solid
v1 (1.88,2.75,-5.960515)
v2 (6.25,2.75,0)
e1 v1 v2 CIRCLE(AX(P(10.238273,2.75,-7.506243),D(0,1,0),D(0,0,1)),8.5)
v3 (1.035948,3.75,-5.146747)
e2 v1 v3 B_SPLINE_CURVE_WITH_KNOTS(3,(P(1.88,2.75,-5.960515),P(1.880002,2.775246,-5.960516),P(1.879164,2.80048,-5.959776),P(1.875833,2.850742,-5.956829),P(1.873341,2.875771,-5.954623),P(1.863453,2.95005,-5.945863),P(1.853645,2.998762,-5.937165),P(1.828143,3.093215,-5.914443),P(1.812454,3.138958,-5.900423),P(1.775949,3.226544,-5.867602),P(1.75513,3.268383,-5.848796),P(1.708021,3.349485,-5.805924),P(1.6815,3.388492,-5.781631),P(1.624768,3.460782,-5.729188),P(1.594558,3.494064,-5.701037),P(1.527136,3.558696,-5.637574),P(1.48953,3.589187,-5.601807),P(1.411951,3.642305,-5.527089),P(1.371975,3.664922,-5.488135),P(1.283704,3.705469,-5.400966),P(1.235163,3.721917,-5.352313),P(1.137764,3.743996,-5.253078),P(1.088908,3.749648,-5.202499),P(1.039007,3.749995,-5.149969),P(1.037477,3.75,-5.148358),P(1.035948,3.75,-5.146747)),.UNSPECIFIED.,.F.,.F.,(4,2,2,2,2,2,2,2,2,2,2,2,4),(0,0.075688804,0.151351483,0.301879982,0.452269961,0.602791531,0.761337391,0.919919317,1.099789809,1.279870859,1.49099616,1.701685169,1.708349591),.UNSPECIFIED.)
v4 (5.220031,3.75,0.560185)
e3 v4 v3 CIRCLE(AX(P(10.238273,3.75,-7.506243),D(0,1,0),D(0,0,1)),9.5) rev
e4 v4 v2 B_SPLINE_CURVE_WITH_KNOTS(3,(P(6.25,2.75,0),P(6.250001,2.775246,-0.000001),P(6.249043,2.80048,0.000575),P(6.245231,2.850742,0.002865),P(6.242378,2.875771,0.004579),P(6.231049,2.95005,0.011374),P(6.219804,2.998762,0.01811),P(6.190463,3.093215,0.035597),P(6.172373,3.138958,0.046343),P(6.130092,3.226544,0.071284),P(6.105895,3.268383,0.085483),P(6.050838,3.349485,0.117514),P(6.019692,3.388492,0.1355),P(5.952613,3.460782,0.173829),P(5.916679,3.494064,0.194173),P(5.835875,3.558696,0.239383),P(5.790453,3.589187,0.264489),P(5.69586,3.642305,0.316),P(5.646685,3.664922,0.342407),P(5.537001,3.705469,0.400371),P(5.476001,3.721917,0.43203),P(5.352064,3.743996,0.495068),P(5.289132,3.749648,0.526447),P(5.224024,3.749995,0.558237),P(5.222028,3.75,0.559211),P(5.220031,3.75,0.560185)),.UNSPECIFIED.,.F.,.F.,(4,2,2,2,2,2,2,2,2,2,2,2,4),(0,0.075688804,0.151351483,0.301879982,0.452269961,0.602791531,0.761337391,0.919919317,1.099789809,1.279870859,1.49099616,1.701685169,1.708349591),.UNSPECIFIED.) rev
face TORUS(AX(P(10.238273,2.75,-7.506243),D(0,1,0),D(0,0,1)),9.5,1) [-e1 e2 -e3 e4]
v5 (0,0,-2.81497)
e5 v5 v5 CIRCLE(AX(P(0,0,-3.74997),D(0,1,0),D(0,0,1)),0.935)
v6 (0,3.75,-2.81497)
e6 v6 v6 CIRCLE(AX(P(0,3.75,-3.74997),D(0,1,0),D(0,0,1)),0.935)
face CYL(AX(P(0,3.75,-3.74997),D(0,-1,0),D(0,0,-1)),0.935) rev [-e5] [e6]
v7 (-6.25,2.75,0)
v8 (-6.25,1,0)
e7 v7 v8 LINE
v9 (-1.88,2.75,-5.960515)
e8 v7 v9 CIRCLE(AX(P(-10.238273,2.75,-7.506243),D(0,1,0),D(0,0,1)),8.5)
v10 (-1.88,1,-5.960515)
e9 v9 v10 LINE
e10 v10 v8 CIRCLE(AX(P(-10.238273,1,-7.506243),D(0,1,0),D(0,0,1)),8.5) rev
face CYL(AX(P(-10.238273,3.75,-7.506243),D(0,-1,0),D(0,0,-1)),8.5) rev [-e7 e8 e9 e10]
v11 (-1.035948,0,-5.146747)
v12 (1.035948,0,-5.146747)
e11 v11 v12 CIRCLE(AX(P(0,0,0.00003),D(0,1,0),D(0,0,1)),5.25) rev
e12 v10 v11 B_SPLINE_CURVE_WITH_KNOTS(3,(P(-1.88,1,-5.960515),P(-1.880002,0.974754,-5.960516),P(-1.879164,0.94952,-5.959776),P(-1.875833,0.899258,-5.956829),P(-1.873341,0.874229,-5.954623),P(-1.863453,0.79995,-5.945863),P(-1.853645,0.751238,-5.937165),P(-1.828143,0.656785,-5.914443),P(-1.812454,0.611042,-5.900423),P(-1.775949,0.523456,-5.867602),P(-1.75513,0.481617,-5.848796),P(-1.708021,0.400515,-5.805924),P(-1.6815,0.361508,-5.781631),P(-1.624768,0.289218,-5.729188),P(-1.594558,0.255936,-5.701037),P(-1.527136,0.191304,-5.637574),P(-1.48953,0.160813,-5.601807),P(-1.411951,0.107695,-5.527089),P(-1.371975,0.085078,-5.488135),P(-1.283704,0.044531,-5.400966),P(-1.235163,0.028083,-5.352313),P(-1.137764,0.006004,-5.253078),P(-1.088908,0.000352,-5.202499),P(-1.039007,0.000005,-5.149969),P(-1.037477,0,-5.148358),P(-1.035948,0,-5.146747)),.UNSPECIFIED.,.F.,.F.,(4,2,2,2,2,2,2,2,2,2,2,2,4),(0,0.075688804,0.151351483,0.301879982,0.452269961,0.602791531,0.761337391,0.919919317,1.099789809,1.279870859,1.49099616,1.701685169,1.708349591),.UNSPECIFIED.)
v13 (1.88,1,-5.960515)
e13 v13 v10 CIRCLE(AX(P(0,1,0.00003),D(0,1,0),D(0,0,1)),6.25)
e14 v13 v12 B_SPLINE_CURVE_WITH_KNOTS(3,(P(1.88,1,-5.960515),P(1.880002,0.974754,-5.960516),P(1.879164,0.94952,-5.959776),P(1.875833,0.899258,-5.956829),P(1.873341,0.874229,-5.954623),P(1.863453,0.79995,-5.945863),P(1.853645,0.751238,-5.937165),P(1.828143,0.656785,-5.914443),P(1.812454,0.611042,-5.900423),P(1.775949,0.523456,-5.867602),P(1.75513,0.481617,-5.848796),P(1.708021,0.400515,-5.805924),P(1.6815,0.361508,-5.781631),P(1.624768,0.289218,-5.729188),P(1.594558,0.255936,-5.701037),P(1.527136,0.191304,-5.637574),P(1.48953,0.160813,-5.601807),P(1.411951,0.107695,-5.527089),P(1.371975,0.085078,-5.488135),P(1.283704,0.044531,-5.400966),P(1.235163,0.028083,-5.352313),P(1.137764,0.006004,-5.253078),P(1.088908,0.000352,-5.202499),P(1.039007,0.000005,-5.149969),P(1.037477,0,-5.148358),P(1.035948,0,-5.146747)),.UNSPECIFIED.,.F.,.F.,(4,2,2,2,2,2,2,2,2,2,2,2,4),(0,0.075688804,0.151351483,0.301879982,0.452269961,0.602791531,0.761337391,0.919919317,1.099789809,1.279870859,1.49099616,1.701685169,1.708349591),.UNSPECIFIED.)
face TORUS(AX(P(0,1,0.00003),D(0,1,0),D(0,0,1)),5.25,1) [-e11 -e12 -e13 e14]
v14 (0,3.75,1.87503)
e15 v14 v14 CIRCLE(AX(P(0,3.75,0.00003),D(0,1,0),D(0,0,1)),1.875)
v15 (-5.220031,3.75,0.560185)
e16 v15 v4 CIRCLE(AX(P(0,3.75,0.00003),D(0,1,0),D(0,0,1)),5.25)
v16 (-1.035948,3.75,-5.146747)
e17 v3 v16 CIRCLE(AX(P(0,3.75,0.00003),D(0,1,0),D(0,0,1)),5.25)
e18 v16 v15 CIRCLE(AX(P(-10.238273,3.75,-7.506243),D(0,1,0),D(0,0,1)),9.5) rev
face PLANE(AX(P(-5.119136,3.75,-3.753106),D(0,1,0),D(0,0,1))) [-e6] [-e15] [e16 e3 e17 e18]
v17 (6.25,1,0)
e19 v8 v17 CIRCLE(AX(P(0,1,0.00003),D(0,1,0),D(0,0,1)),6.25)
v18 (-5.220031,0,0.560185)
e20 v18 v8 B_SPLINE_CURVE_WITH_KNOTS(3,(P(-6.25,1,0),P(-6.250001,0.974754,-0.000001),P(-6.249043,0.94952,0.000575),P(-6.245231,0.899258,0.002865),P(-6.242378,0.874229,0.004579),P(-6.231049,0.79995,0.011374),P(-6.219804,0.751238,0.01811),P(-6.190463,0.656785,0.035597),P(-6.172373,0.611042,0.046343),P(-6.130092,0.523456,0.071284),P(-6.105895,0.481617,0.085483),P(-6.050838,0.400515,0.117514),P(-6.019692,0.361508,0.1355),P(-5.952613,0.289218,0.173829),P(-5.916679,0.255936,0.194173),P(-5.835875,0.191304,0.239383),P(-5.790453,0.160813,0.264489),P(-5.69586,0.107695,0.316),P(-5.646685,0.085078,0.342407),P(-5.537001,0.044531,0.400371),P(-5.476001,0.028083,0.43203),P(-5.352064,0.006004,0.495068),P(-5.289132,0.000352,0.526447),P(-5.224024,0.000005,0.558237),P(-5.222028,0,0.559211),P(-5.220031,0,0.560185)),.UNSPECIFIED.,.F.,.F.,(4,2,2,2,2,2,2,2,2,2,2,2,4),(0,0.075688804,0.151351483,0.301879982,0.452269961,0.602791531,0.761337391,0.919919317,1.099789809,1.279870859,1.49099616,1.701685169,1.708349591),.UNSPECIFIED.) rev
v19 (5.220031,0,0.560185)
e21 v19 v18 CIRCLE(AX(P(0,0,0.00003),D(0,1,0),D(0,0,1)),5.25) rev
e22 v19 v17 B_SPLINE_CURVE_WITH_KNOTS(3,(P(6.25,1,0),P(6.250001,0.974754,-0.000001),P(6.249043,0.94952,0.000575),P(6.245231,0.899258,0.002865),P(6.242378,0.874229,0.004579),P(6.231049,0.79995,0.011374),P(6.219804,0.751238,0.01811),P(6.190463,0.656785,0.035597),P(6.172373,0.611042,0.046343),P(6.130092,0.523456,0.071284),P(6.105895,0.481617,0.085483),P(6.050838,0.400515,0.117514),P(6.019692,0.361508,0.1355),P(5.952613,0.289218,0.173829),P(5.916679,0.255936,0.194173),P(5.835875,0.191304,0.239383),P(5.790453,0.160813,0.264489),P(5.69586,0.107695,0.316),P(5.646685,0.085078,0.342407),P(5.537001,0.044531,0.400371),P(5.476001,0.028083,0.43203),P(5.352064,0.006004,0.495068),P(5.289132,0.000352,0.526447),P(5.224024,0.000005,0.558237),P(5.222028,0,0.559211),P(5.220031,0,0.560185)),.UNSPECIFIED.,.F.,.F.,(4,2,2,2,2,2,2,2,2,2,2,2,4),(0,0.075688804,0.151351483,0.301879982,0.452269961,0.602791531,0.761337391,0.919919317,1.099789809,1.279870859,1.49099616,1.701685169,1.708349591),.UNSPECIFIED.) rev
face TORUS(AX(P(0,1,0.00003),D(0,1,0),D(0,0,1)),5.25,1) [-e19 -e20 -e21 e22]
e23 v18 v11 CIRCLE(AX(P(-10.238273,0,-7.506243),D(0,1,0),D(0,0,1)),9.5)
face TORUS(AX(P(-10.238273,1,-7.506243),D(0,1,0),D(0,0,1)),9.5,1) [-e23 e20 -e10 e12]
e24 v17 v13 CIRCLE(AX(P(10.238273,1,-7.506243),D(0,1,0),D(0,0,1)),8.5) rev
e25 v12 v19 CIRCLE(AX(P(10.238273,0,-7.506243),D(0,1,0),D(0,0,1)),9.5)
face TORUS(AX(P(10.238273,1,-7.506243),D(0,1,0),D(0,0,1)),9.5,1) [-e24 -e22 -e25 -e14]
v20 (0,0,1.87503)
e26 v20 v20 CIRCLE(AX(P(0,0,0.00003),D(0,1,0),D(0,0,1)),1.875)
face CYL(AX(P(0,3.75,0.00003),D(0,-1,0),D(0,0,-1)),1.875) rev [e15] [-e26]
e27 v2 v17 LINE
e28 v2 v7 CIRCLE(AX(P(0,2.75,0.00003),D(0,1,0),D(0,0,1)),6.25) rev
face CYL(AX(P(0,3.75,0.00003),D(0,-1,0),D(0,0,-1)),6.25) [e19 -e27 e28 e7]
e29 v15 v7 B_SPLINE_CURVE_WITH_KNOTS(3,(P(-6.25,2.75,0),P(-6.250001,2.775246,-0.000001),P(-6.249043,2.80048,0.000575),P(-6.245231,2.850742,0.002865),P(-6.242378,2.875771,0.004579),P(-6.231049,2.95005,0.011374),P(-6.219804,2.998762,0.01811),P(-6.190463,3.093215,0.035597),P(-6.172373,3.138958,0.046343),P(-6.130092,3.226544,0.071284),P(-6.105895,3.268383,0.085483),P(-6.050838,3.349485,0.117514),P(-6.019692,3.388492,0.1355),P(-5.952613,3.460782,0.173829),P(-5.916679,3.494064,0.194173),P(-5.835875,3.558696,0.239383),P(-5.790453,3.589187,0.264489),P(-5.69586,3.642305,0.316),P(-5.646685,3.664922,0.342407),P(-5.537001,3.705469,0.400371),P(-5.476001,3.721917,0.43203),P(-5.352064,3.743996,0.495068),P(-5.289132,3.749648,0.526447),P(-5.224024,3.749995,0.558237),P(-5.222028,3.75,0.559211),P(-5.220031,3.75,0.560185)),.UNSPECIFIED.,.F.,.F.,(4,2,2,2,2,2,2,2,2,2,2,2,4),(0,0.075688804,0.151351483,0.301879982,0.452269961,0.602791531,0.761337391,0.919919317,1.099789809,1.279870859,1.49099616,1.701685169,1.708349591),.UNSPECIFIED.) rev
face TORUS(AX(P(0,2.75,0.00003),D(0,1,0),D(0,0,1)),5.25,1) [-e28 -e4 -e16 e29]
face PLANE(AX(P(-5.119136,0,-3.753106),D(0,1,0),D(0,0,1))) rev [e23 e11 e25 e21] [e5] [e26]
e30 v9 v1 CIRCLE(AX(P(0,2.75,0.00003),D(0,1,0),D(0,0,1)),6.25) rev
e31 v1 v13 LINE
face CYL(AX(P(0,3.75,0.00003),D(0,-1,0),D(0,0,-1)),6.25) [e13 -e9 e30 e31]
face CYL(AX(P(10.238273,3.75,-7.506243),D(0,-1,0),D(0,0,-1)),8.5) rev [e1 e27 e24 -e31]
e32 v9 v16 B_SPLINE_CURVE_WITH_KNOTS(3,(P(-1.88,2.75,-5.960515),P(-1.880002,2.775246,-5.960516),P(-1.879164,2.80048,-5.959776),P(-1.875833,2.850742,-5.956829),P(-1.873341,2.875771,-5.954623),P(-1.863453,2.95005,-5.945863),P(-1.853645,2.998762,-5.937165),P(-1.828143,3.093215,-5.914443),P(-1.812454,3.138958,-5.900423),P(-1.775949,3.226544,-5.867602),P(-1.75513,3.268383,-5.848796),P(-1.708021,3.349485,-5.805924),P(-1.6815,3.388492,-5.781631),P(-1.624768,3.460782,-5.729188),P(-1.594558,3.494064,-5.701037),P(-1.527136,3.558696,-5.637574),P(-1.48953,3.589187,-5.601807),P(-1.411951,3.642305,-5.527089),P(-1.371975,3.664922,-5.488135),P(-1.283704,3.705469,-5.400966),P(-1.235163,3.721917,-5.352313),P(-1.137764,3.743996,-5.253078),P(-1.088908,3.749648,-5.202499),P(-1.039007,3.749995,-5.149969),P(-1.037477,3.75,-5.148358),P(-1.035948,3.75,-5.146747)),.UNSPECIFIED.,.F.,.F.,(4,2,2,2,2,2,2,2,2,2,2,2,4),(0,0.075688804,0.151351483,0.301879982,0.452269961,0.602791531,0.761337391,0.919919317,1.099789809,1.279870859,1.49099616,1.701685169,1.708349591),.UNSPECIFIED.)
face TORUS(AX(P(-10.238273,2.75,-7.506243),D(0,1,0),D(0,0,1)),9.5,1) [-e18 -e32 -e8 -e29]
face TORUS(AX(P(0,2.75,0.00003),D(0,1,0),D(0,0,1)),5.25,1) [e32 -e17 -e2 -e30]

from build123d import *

# Parameters (mm, degrees)
SKETCH1_R           = 1.875
SKETCH1_R_2         = 0.935
BOSS_EXTRUDE1_DEPTH = 3.75
FILLET1_R           = 1
FILLET2_R           = 1


with BuildPart() as part:
    # Sketch1 → Boss-Extrude1 (new body)
    with BuildSketch(Plane(origin=(0, 0, 0), x_dir=(1, 0, 0), z_dir=(0, 1, 0))):
        with BuildLine():
            ThreePointArc((-6.25, 0), (0, -6.250030085), (6.25, 0))
            ThreePointArc((6.25, 0), (3.383257686, 2.480432696), (1.88, 5.960515192))
            ThreePointArc((1.88, 5.960515192), (0, 6.249969915), (-1.88, 5.960515192))
            ThreePointArc((-1.88, 5.960515192), (-3.383257686, 2.480432696), (-6.25, 0))
        make_face()
        with Locations((0, -3.0085e-05)):
            Circle(SKETCH1_R, mode=Mode.SUBTRACT)
        with Locations((0, 3.749969915)):
            Circle(SKETCH1_R_2, mode=Mode.SUBTRACT)
    extrude(amount=BOSS_EXTRUDE1_DEPTH)

    # Fillet1
    fillet1_edges = [part.edges().sort_by_distance(p)[0] for p in [
        (3.383257686, 3.75, -2.480432696),
        (0, 3.75, -6.249969915),
        (-3.383257686, 3.75, -2.480432696),
        (0, 3.75, 6.250030085),
    ]]
    fillet(fillet1_edges, radius=FILLET1_R)

    # Fillet2
    fillet2_edges = [part.edges().sort_by_distance(p)[0] for p in [
        (0, 0, -6.249969915),
        (3.383257686, 0, -2.480432696),
        (0, 0, 6.250030085),
        (-3.383257686, 0, -2.480432696),
    ]]
    fillet(fillet2_edges, radius=FILLET2_R)


solid = part.part
